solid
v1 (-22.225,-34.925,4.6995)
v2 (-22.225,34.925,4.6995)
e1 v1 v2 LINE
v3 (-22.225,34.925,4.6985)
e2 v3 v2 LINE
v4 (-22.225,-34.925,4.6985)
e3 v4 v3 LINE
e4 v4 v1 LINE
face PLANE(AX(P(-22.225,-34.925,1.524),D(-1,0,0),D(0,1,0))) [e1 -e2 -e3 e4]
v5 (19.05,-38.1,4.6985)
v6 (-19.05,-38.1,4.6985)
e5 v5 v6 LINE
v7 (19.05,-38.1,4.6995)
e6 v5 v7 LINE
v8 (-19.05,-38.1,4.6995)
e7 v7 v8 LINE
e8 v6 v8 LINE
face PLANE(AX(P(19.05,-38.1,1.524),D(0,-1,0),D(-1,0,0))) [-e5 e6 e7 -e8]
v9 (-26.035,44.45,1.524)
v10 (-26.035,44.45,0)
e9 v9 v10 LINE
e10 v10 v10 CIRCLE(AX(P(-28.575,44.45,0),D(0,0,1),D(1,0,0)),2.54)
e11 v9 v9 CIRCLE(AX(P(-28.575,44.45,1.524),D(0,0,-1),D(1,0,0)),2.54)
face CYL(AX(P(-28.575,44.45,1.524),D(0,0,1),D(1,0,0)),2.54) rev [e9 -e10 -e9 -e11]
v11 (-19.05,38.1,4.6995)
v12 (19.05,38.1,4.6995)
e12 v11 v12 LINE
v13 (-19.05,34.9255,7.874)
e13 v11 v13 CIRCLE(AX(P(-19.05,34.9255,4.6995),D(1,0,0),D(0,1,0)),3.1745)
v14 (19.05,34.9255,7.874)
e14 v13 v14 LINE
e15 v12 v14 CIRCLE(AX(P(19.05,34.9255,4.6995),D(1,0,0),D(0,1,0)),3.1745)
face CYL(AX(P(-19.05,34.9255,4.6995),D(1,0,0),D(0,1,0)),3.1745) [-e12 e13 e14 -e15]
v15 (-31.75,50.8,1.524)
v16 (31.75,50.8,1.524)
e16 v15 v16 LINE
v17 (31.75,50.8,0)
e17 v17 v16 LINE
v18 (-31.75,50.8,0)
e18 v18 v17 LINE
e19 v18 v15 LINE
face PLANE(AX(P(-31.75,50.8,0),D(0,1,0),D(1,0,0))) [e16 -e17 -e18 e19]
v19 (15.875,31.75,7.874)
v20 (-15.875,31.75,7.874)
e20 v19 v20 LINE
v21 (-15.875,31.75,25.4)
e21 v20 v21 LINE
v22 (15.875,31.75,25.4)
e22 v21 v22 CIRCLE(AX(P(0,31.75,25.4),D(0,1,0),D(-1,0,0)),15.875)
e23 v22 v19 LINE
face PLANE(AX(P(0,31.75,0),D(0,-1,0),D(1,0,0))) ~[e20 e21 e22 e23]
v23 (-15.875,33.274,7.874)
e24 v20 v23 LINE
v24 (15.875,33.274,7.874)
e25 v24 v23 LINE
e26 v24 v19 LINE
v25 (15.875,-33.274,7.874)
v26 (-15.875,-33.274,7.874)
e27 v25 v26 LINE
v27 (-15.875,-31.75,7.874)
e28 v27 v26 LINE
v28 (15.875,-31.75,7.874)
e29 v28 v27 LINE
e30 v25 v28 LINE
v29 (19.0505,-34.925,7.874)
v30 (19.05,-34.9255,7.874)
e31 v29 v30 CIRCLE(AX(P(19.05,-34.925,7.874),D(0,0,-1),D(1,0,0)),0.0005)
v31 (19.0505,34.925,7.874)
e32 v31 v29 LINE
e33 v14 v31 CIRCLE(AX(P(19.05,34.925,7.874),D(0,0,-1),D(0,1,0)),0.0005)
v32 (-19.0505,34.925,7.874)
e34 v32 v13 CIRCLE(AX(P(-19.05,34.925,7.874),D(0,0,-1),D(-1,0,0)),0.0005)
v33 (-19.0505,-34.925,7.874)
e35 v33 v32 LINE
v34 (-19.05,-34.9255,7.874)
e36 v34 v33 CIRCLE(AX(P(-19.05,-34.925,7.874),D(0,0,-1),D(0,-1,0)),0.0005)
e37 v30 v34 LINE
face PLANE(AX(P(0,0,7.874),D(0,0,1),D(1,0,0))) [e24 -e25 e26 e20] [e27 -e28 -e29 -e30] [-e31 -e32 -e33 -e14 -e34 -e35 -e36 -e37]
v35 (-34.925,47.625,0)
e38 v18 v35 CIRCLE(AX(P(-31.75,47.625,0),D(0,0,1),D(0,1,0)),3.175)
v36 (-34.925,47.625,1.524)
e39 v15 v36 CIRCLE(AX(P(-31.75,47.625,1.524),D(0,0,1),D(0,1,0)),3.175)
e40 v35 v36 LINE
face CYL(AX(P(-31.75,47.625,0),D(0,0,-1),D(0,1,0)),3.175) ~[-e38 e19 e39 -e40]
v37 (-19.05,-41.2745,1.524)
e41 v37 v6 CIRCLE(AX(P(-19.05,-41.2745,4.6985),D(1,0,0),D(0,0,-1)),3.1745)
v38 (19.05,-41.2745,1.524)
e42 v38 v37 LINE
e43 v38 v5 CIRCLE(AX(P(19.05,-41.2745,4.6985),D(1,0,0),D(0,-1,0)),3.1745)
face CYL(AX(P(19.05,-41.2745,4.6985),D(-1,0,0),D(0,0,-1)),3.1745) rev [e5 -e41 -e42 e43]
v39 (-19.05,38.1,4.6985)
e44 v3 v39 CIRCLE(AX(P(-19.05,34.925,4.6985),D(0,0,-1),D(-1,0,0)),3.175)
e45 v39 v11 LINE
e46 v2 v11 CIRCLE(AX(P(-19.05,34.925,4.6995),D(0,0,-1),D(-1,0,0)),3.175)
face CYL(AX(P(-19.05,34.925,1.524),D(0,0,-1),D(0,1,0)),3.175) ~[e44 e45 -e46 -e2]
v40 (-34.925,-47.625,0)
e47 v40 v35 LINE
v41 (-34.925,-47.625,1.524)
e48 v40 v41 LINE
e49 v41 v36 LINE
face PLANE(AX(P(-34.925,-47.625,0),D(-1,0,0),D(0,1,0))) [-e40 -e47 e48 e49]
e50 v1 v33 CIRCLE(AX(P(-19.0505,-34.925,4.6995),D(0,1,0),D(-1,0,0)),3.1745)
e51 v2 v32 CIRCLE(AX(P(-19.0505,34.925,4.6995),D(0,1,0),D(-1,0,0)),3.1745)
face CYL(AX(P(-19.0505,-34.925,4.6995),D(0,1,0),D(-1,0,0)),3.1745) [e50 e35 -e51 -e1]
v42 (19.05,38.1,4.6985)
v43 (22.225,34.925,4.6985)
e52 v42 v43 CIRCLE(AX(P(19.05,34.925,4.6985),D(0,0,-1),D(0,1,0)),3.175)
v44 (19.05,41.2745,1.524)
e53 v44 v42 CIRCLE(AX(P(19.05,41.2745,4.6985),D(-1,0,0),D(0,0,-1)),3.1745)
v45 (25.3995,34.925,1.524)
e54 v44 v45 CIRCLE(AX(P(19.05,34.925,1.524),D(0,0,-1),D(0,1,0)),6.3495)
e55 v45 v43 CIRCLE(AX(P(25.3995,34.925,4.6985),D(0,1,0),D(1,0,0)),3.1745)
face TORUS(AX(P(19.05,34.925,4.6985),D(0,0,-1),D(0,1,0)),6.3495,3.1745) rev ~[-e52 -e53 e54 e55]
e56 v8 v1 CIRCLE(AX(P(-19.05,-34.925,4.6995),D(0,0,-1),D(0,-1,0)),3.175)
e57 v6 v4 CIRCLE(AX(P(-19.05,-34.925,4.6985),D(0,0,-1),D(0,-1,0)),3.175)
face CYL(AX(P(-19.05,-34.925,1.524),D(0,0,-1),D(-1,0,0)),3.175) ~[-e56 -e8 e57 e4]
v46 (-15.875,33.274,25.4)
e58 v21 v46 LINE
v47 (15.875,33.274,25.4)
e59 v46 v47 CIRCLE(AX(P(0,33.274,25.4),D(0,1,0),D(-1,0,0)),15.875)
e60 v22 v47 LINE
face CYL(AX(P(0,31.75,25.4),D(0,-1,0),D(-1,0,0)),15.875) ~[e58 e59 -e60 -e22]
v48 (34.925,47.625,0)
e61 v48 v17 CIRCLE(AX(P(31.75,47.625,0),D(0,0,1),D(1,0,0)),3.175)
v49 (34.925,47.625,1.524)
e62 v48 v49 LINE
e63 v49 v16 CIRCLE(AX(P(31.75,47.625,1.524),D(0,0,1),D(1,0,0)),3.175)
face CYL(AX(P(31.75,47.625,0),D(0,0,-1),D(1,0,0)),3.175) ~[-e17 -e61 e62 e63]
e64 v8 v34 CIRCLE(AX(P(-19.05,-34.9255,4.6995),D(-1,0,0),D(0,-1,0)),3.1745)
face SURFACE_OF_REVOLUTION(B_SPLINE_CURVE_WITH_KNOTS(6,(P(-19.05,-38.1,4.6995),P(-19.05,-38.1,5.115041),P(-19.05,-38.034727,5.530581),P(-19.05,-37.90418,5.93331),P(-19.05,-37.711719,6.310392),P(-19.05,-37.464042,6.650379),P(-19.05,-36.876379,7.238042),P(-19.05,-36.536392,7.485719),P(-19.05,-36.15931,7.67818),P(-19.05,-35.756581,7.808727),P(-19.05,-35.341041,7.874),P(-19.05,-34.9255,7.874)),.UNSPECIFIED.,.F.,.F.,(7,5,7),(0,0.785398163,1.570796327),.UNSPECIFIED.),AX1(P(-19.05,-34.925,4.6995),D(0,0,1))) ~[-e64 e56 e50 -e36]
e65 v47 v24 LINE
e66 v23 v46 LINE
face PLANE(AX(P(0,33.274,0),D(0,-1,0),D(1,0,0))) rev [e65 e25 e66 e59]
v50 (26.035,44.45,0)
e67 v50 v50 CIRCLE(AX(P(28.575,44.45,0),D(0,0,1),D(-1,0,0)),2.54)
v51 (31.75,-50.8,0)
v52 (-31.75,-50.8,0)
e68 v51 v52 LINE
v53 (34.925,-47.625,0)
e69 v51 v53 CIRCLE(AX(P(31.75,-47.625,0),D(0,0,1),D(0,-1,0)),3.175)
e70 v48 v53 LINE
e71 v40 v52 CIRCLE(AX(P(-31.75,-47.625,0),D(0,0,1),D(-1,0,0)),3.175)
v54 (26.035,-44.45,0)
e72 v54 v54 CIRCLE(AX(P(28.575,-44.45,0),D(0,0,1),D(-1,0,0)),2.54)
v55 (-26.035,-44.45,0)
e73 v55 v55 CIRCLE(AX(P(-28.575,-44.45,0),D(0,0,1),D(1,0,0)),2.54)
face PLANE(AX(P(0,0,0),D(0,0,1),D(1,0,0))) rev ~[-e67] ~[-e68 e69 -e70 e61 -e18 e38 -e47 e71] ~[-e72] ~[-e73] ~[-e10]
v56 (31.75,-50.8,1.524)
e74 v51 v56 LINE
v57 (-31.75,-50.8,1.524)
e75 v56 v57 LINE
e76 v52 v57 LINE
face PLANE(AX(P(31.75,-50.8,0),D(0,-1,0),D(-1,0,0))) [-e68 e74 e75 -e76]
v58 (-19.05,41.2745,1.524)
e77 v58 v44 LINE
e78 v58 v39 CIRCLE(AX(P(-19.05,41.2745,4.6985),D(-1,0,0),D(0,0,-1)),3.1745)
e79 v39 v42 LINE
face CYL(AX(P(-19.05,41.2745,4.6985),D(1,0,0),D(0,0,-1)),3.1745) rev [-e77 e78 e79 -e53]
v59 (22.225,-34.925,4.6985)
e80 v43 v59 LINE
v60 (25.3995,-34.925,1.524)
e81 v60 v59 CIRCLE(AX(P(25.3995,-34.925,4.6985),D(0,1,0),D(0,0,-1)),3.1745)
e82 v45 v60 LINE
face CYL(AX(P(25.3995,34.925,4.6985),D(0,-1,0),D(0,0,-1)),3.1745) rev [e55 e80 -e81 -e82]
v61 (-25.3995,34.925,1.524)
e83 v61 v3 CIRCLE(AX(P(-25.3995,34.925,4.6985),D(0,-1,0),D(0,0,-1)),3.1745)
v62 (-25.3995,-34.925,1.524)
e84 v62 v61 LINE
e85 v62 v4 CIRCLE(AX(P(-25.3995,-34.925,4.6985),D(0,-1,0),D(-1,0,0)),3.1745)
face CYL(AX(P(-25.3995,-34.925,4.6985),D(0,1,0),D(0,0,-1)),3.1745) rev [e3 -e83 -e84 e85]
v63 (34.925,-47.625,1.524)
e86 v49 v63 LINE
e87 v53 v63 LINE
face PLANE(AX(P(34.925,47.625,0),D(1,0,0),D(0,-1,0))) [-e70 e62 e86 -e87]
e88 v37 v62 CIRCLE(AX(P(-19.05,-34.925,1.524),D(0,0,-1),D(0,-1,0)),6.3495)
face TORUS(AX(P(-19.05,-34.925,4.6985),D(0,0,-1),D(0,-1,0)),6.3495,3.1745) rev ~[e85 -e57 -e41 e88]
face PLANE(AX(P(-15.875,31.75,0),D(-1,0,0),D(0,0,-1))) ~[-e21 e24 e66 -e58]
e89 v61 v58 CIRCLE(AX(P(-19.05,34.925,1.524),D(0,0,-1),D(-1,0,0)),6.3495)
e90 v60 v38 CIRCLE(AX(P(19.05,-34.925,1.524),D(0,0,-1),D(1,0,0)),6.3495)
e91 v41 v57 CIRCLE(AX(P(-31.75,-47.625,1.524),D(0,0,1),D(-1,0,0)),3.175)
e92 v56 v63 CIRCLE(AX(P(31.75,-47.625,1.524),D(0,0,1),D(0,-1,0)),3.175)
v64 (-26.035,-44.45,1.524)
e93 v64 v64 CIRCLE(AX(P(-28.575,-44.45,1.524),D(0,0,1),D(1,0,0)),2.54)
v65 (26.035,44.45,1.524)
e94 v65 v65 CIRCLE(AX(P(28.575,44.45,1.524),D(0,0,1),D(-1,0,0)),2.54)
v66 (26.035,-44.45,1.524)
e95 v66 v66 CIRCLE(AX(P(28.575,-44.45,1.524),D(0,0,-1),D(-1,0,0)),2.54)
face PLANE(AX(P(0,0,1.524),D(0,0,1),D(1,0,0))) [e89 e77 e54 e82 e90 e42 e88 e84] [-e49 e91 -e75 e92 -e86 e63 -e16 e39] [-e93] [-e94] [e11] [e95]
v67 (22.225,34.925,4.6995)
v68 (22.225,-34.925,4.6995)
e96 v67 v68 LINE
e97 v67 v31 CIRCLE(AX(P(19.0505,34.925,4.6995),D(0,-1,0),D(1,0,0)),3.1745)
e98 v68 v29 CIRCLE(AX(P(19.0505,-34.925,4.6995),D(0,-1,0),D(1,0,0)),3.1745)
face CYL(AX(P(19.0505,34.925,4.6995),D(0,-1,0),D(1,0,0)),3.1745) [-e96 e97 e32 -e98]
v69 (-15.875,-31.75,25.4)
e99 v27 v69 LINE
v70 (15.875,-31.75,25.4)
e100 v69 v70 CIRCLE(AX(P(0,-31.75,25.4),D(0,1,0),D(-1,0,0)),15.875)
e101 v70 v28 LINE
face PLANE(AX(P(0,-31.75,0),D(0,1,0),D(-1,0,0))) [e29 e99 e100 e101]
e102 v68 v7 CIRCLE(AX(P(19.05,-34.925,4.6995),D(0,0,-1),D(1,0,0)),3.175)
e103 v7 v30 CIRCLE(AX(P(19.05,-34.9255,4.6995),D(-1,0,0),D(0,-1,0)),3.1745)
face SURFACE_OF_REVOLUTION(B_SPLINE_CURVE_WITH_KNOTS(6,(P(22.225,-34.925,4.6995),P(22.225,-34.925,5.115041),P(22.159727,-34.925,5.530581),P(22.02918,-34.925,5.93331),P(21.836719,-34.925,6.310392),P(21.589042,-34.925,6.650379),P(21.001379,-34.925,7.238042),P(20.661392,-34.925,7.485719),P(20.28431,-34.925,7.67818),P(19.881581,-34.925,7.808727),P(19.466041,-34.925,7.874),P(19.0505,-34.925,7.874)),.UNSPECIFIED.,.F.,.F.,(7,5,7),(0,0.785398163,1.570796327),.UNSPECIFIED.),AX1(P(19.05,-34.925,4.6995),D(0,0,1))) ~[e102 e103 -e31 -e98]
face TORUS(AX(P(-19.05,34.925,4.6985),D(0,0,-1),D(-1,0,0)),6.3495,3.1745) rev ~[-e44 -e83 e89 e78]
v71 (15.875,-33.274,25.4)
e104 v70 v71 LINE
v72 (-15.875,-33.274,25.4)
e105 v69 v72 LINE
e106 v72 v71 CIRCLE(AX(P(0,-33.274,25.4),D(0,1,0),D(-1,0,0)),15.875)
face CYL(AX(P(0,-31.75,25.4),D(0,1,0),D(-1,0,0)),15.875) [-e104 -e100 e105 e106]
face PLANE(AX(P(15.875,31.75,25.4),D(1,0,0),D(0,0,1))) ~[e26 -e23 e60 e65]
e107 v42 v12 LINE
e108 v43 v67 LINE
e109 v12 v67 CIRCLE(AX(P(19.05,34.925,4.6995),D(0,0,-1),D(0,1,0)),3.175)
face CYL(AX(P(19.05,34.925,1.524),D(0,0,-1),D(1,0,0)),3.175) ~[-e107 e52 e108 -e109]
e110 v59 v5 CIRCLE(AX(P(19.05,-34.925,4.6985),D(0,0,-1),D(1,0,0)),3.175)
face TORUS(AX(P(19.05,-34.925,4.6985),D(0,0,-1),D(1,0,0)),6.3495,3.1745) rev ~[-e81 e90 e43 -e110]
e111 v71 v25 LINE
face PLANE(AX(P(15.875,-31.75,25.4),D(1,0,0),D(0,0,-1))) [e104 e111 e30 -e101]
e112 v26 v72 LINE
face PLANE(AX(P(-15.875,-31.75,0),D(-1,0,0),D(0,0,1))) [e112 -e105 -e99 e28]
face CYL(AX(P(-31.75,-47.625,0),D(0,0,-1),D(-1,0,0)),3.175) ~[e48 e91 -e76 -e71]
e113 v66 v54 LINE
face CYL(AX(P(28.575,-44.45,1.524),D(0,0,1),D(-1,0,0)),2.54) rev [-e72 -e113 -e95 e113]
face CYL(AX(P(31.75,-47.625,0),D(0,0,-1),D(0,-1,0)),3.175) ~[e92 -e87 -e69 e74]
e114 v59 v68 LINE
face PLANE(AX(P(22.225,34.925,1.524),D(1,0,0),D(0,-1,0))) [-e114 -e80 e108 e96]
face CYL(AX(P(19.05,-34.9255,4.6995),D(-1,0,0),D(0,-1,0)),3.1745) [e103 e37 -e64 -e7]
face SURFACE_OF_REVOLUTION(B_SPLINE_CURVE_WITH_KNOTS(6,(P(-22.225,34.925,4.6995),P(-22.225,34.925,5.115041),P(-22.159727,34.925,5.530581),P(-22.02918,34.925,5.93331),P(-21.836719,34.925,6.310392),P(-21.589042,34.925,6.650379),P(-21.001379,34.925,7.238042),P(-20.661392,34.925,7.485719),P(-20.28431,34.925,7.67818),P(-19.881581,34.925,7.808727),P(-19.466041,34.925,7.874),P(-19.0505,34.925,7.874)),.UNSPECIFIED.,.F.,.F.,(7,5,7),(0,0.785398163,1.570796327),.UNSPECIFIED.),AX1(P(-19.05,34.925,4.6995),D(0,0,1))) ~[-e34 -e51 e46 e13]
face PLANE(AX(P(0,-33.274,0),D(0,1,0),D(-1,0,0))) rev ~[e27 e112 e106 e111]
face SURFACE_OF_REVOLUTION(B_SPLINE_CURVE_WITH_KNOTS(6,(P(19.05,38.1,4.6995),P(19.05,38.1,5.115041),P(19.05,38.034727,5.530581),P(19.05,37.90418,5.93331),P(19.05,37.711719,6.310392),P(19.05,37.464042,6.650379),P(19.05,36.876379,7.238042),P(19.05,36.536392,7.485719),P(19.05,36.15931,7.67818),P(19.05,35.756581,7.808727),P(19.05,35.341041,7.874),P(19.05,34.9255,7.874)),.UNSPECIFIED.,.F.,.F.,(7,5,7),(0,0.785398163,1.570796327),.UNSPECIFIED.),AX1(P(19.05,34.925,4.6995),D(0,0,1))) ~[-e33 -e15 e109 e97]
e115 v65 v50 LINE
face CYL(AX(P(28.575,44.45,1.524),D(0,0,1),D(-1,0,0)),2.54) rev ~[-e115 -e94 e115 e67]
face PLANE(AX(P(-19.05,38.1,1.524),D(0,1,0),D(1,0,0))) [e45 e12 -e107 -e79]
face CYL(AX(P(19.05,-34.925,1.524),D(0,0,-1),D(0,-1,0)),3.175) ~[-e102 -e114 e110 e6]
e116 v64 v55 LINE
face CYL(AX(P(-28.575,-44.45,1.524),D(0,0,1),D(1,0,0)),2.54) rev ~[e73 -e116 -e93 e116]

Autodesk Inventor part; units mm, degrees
ref_plane "YZ Plane" through (0, 0, 0) normal (1, 0, 0) x (0, 1, 0)
ref_plane "XZ Plane" through (0, 0, 0) normal (0, 1, 0) x (-1, 0, 0)
sketch "Sketch2" plane through (0, 0, 0) normal (0, 0, 1) x (1, 0, 0)
  line L0 (-31.75, 50.8) -> (31.75, 50.8)
  line L1 (34.925, 47.625) -> (34.925, -47.625)
  line L2 (31.75, -50.8) -> (-31.75, -50.8)
  line L3 (-34.925, -47.625) -> (-34.925, 47.625)
  arc A0 (-31.75, 50.8) -> (-34.925, 47.625) centre (-31.75, 47.625) ccw
  arc A1 (34.925, 47.625) -> (31.75, 50.8) centre (31.75, 47.625) ccw
  arc A2 (31.75, -50.8) -> (34.925, -47.625) centre (31.75, -47.625) ccw
  arc A3 (-34.925, -47.625) -> (-31.75, -50.8) centre (-31.75, -47.625) ccw
  point P0 (0, 0)
  point P1 (-34.925, 50.8)
  point P2 (34.925, -50.8)
  point P3 (34.925, 50.8)
  point P4 (-34.925, -50.8)
  point P5 (-34.925, 0)
  point P6 (0, 50.8)
  dimension "d0" = 69.85
  dimension "d1" = 101.6
  dimension "d4" = 3.175
extrude "Extrusion1" add sketch "Sketch2" along normal blind 1.524
sketch "Sketch3" plane through (0, 0, 1.524) normal (0, 0, 1) x (1, 0, 0)
  line L0 (-19.05, 38.1) -> (19.05, 38.1)
  line L1 (22.225, 34.925) -> (22.225, -34.925)
  line L2 (19.05, -38.1) -> (-19.05, -38.1)
  line L3 (-22.225, -34.925) -> (-22.225, 34.925)
  arc A0 (-19.05, 38.1) -> (-22.225, 34.925) centre (-19.05, 34.925) ccw
  arc A1 (22.225, 34.925) -> (19.05, 38.1) centre (19.05, 34.925) ccw
  arc A2 (19.05, -38.1) -> (22.225, -34.925) centre (19.05, -34.925) ccw
  arc A3 (-22.225, -34.925) -> (-19.05, -38.1) centre (-19.05, -34.925) ccw
  line L4 (31.75, -50.8) -> (-31.75, -50.8) projected
  line L5 (-34.925, -47.625) -> (-34.925, 47.625) projected
  point P0 (0, 0)
  point P1 (0, 38.1)
  point P2 (-22.225, 0)
  dimension "d7" = 3.175
  dimension "d8" = 12.7
  dimension "d9" = 12.7
extrude "Extrusion2" add sketch "Sketch3" along normal blind 6.35
fillet "Fillet1" radius 3.175 16 edges at (0, 38.1, 7.874) (21.2951, 37.1701, 7.874) (22.225, 0, 7.874) (21.2951, -37.1701, 7.874) (0, -38.1, 7.874) (-21.2951, -37.1701, 7.874) (-22.225, 0, 7.874) (-21.2951, 37.1701, 7.874) (0, 38.1, 1.524) (21.2951, 37.1701, 1.524) (22.225, 0, 1.524) (21.2951, -37.1701, 1.524) (0, -38.1, 1.524) (-21.2951, -37.1701, 1.524) (-22.225, 0, 1.524) (-21.2951, 37.1701, 1.524)
ref_plane "Work Plane1" through (0, -31.75, 0) normal (0, 1, 0) x (-1, 0, 0)
sketch "Sketch4" plane through (0, -31.75, 0) normal (0, 1, 0) x (-1, 0, 0)
  line L0 (-15.875, 0) -> (15.875, 0)
  line L1 (15.875, 0) -> (15.875, 25.4)
  line L2 (15.875, 25.4) -> (-15.875, 25.4)
  line L3 (-15.875, 25.4) -> (-15.875, 0)
  circle A0 centre (0, 25.4) radius 15.875
  line L4 (-31.75, 0) -> (31.75, 0) projected
  point P0 (0, 0)
  point P1 (0, 0)
  point P2 (0, 0)
  dimension "d15" = 31.75
  dimension "d14" = 25.4
extrude "Extrusion3" add sketch "Sketch4" against normal blind 1.524
mirror "Mirror1" about plane through (0, 0, 0) normal (0, 1, 0) of "Extrusion3"
sketch "Sketch5" plane through (0, 0, 1.524) normal (0, 0, 1) x (1, 0, 0)
  circle A0 centre (-28.575, -44.45) radius 2.54
  line L0 (-34.925, -47.625) -> (-34.925, 47.625) projected
  line L1 (31.75, -50.8) -> (-31.75, -50.8) projected
  point P0 (0, 0)
  dimension "d18" = 5.08
  dimension "d19" = 6.35
  dimension "d20" = 6.35
extrude "Extrusion4" cut sketch "Sketch5" against normal through all
mirror "Mirror2" about plane through (0, 0, 0) normal (0, 1, 0) of "Extrusion4"
mirror "Mirror3" about plane through (0, 0, 0) normal (1, 0, 0) of "Extrusion4", "Mirror2"
